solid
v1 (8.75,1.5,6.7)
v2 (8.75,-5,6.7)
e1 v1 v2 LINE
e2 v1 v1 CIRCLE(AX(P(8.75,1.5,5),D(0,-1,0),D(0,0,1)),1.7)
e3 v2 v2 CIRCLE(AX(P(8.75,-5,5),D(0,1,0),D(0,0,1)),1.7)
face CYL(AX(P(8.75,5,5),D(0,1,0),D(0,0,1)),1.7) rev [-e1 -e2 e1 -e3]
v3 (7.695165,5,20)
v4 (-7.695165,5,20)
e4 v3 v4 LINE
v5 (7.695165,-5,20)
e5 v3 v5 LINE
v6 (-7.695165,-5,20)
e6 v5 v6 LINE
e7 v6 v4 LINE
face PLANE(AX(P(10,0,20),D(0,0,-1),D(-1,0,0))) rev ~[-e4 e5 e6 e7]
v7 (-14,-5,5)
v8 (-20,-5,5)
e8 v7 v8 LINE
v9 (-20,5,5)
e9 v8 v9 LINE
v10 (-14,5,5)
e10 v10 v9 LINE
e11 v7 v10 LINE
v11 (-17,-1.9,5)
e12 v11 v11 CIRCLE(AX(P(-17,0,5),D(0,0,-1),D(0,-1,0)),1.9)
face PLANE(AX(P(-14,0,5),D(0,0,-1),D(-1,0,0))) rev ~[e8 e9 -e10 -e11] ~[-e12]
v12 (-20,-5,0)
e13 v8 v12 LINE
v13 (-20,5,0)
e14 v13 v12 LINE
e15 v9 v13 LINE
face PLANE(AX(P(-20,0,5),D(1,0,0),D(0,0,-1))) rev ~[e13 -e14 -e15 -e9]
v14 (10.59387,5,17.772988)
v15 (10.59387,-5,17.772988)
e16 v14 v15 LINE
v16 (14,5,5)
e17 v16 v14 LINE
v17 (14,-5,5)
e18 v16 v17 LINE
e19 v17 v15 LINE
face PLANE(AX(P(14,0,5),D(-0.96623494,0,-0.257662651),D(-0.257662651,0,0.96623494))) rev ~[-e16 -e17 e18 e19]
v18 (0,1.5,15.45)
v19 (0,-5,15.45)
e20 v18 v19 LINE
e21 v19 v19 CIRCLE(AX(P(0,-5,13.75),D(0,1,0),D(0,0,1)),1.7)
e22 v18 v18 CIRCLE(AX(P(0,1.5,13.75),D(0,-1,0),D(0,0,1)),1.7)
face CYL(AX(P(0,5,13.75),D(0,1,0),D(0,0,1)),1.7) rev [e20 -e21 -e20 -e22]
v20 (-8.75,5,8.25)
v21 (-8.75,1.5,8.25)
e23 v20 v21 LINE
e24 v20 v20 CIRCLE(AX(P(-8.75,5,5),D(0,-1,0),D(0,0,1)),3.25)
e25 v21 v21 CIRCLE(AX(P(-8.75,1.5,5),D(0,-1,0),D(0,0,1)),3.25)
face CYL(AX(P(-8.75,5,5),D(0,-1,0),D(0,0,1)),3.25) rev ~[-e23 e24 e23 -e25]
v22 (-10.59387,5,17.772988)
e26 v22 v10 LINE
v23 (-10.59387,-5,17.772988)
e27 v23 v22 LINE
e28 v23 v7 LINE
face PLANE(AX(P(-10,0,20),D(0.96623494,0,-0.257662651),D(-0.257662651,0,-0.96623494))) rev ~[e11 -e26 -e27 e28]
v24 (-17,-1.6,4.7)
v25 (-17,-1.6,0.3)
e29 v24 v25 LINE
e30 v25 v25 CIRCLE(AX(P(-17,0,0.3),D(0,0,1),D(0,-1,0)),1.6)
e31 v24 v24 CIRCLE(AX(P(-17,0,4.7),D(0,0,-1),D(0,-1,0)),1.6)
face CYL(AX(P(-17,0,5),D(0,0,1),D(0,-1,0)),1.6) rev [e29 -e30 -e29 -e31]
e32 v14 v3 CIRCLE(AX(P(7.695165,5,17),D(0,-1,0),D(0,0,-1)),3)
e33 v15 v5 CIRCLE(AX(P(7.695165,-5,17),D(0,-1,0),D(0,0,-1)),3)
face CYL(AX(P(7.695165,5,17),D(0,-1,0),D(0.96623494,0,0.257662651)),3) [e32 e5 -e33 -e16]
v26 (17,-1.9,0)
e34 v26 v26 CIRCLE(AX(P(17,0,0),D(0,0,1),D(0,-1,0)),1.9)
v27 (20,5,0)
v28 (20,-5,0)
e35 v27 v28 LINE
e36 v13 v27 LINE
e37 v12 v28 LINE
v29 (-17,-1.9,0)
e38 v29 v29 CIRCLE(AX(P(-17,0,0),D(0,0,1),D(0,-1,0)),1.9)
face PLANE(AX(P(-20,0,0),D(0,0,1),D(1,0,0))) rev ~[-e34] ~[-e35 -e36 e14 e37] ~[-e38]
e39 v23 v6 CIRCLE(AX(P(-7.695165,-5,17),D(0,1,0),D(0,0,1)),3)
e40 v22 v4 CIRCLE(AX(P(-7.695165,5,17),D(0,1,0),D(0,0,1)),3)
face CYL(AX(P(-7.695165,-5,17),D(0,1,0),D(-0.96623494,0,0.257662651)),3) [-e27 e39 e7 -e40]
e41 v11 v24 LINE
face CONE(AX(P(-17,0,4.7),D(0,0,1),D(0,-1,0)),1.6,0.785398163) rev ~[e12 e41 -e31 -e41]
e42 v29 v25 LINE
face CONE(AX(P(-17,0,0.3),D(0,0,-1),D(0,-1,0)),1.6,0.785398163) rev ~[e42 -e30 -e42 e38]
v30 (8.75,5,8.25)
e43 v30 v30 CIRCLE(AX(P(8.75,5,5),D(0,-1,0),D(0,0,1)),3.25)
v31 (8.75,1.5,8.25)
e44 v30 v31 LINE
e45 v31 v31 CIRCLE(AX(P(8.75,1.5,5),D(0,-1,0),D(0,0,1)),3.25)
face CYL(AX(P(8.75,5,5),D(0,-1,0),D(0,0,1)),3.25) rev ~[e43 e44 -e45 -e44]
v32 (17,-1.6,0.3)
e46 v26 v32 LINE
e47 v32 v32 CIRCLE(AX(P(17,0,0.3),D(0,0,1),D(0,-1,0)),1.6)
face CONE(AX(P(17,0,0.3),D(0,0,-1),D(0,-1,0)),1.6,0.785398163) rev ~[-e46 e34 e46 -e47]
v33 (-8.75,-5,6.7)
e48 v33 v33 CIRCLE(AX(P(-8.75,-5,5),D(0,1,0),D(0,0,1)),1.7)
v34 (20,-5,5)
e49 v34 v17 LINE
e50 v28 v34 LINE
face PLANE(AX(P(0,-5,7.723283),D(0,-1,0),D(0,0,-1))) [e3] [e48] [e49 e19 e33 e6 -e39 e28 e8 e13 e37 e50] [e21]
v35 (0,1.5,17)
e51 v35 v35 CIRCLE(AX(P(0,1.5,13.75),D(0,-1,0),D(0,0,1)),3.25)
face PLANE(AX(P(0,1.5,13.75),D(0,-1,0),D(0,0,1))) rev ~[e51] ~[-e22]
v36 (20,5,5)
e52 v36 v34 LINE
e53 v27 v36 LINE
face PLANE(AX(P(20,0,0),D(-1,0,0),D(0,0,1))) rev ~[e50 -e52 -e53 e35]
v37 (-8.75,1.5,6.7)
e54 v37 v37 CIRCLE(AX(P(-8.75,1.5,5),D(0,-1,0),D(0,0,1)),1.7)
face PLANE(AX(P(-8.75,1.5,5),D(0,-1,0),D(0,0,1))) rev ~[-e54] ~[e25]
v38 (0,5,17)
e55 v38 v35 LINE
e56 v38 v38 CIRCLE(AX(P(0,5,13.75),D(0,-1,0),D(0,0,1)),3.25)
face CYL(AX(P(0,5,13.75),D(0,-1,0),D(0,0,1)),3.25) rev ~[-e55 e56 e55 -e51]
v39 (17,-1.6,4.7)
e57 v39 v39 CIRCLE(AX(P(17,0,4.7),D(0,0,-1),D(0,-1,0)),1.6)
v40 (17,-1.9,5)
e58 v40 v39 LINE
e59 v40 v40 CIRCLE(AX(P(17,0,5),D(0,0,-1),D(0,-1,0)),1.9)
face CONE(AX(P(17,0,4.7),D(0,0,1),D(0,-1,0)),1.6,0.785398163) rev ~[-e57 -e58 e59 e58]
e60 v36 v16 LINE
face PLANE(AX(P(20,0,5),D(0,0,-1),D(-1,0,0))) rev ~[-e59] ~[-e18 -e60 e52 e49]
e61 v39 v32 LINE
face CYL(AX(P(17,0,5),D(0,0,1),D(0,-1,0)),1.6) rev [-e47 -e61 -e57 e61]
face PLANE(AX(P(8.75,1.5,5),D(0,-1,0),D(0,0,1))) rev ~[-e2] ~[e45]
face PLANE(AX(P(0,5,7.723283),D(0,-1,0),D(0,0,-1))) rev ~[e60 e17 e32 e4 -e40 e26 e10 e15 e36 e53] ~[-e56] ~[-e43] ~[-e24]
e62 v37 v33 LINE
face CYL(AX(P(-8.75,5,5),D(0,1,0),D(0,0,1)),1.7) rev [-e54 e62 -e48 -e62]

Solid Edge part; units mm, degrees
sketch "Sketch1" plane through (0, 0, 0) normal (0, -1, 0) x (1, 0, 0)
  line L0 (-20, 5) -> (-20, 0)
  line L1 (-20, 0) -> (20, 0)
  line L2 (20, 0) -> (20, 5)
  line L3 (20, 5) -> (14, 5)
  line L4 (14, 5) -> (10, 20)
  line L5 (10, 20) -> (-10, 20)
  line L6 (-10, 20) -> (-14, 5)
  line L7 (-14, 5) -> (-20, 5)
  dimension "D1" = 20
  dimension "D2" = 40
  dimension "D3" = 28
  dimension "D4" = 5
  dimension "D5" = 15
extrude "Protrusion1" add sketch "Sketch1" along normal mid plane 10
fillet "rounds" radius 3 2 edges at (10, 0, 20) (-10, 0, 20)
hole "Hole1" at (0, 5, 13.75) direction (0, -1, 0) diameter 3.4 end up to next counterbore diameter 6.5 counterbore depth 3.5
hole "Hole2" at (8.75, 5, 5) direction (0, -1, 0) diameter 3.4 end up to next counterbore diameter 6.5 counterbore depth 3.5
hole "Hole3" at (-8.75, 5, 5) direction (0, -1, 0) diameter 3.4 end up to next counterbore diameter 6.5 counterbore depth 3.5
hole "Hole4" at (-17, 0, 5) direction (0, 0, -1) diameter 3.2 end up to next start chamfer 0.3 start chamfer angle 45 end chamfer 0.3 end chamfer angle 45
hole "Hole5" at (17, 0, 5) direction (0, 0, -1) diameter 3.2 end up to next start chamfer 0.3 start chamfer angle 45 end chamfer 0.3 end chamfer angle 45
properties material "Polyethylene, low density"
